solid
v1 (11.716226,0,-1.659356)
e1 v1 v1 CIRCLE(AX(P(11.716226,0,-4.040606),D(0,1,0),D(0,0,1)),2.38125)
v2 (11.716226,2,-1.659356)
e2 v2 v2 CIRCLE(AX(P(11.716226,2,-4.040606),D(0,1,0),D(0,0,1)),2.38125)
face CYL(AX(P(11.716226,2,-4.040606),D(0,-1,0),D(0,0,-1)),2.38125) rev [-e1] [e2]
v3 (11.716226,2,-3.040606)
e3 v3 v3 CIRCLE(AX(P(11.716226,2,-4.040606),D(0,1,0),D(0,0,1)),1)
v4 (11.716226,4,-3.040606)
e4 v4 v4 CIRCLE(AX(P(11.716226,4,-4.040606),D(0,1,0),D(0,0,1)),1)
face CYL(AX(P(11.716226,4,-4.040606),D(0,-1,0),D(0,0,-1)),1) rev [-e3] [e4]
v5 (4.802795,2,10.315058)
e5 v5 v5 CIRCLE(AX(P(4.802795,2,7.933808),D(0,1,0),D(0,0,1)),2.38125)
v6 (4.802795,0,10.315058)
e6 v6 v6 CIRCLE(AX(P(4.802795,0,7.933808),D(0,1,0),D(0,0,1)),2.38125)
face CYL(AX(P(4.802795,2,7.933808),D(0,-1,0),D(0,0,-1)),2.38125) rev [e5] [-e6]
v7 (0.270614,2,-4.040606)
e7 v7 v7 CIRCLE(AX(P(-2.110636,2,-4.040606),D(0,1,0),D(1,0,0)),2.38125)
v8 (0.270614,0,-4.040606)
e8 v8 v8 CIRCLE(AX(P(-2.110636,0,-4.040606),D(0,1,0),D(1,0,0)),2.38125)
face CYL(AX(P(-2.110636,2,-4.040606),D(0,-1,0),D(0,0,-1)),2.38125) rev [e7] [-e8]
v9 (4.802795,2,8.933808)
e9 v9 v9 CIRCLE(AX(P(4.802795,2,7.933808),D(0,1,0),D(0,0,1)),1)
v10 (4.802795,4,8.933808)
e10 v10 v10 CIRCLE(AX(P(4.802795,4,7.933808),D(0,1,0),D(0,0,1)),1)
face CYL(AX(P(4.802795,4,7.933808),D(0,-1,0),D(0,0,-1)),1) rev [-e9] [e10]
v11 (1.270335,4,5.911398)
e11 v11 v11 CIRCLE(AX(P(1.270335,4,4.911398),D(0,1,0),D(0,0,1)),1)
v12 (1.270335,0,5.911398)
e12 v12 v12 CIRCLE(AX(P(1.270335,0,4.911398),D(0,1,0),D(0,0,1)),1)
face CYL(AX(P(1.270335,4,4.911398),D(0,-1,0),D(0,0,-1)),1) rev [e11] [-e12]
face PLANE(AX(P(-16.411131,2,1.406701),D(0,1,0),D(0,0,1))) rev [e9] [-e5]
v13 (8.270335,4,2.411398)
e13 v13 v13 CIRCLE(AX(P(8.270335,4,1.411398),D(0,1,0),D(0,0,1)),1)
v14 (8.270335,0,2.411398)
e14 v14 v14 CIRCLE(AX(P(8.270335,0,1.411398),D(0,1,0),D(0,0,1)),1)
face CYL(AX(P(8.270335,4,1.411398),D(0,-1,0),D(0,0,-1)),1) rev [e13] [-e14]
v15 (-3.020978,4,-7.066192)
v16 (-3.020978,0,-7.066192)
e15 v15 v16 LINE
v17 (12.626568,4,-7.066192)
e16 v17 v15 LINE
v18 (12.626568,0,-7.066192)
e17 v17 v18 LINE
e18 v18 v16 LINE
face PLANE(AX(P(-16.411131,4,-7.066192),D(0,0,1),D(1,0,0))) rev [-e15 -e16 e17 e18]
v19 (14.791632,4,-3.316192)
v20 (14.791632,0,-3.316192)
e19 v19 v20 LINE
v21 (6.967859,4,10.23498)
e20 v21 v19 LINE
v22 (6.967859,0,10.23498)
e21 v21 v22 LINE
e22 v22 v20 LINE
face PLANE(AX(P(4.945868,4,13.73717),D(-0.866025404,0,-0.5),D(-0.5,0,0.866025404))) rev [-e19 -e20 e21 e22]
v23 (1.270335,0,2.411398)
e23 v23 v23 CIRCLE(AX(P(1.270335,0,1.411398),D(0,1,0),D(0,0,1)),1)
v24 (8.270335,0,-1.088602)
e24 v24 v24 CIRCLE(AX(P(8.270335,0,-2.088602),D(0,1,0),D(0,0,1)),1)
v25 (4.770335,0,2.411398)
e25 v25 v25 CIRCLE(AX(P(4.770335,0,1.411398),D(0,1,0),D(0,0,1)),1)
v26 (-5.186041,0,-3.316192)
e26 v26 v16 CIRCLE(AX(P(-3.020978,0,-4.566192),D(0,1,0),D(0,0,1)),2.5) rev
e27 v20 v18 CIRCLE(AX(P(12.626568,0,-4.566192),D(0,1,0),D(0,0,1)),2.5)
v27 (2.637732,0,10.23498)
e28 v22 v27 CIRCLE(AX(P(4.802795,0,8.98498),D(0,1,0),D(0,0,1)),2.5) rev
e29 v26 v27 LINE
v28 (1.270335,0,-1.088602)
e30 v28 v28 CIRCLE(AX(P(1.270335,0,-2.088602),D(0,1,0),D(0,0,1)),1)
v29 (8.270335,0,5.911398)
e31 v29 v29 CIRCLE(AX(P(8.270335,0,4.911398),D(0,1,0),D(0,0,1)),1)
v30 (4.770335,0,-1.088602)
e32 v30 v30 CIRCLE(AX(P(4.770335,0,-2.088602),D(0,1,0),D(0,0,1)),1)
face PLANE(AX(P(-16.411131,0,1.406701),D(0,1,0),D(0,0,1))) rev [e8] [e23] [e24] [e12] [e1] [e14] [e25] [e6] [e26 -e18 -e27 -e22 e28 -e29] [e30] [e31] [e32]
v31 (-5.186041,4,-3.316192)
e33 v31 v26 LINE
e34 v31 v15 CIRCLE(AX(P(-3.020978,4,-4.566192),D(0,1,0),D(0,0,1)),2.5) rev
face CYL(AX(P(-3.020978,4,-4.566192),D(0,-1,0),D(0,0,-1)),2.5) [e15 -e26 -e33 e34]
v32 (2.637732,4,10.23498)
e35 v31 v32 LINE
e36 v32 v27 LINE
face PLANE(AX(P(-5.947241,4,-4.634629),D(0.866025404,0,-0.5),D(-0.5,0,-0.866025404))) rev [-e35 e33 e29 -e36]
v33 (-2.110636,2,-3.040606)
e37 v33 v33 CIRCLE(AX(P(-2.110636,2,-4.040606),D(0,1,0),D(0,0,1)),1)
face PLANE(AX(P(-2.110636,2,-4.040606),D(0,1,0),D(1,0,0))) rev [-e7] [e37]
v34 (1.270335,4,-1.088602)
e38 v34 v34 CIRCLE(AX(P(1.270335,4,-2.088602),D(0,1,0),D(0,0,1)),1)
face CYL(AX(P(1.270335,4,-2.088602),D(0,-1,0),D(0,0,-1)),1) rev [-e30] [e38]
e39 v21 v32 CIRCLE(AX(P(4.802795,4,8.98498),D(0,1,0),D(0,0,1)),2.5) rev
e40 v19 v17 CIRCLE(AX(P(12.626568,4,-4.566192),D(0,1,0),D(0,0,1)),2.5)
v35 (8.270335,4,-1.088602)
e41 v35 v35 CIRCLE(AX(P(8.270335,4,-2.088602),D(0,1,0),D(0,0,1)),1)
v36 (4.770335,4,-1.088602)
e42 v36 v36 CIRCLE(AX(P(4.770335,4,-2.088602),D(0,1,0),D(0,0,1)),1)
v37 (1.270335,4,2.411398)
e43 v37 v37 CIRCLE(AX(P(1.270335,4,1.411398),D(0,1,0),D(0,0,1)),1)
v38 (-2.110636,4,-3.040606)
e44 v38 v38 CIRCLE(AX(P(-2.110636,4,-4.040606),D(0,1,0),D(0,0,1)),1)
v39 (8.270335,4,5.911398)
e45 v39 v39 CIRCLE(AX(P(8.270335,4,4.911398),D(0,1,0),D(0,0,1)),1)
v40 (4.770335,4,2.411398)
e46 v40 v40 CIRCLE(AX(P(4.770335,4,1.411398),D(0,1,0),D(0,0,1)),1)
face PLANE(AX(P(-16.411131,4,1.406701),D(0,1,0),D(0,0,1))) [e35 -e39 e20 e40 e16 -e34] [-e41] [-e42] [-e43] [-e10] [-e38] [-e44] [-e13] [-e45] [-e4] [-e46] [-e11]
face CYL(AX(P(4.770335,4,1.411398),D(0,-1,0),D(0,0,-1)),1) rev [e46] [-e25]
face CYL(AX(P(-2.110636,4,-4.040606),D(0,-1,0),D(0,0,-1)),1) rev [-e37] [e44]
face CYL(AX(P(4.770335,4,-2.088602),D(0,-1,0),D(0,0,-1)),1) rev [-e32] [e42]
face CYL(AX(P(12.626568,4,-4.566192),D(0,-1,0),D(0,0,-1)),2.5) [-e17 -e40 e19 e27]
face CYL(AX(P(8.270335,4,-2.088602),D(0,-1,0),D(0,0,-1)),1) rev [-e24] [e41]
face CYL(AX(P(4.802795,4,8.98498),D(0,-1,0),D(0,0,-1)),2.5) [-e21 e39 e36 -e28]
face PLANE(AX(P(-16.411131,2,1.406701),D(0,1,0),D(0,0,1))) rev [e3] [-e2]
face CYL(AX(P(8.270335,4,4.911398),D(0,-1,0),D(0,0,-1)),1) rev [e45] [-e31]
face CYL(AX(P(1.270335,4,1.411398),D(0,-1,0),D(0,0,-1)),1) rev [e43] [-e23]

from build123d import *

# Parameters (mm, degrees)
SKETCH1_R      = 1
EXTRUDE1_DEPTH = 4
SKETCH1_3_R    = 2.38125
EXTRUDE4_DEPTH = 2


with BuildPart() as part:
    # Sketch1 → Extrude1 (new body)
    with BuildSketch(Plane(origin=(0, 0, 0), x_dir=(1, 0, 0), z_dir=(0, 1, 0))):
        with BuildLine():
            Line((-5.186041147, 3.316192399), (2.637731834, -10.234979911))
            ThreePointArc((2.637731834, -10.234979911), (4.802795343, -11.484979911), (6.967858853, -10.234979911))
            Line((6.967858853, -10.234979911), (14.791631834, 3.316192399))
            ThreePointArc((14.791631834, 3.316192399), (14.791631834, 5.816192399), (12.626568324, 7.066192399))
            Line((12.626568324, 7.066192399), (-3.020977638, 7.066192399))
            ThreePointArc((-3.020977638, 7.066192399), (-5.186041147, 5.816192399), (-5.186041147, 3.316192399))
        make_face()
        with Locations((-2.110635714, 4.040606244)):
            Circle(SKETCH1_R, mode=Mode.SUBTRACT)
        with Locations((11.7162264, 4.040606244)):
            Circle(SKETCH1_R, mode=Mode.SUBTRACT)
        with Locations((4.802795343, -7.933807601)):
            Circle(SKETCH1_R, mode=Mode.SUBTRACT)
        with Locations((1.270334632, 2.088602105)):
            Circle(SKETCH1_R, mode=Mode.SUBTRACT)
        with Locations((4.770334632, 2.088602105)):
            Circle(SKETCH1_R, mode=Mode.SUBTRACT)
        with Locations((8.270334632, 2.088602105)):
            Circle(SKETCH1_R, mode=Mode.SUBTRACT)
        with Locations((1.270334632, -1.411397895)):
            Circle(SKETCH1_R, mode=Mode.SUBTRACT)
        with Locations((4.770334632, -1.411397895)):
            Circle(SKETCH1_R, mode=Mode.SUBTRACT)
        with Locations((8.270334632, -1.411397895)):
            Circle(SKETCH1_R, mode=Mode.SUBTRACT)
        with Locations((1.270334632, -4.911397895)):
            Circle(SKETCH1_R, mode=Mode.SUBTRACT)
        with Locations((8.270334632, -4.911397895)):
            Circle(SKETCH1_R, mode=Mode.SUBTRACT)
    extrude(amount=EXTRUDE1_DEPTH)

    # Sketch1<3> → Extrude4 (cut)
    with BuildSketch(Plane(origin=(0, 0, 0), x_dir=(1, 0, 0), z_dir=(0, 1, 0))):
        with Locations((-2.110635714, 4.040606244)):
            Circle(SKETCH1_3_R)
        with Locations((4.802795343, -7.933807601)):
            Circle(SKETCH1_3_R)
        with Locations((11.7162264, 4.040606244)):
            Circle(SKETCH1_3_R)
    extrude(amount=EXTRUDE4_DEPTH, mode=Mode.SUBTRACT)


solid = part.part
